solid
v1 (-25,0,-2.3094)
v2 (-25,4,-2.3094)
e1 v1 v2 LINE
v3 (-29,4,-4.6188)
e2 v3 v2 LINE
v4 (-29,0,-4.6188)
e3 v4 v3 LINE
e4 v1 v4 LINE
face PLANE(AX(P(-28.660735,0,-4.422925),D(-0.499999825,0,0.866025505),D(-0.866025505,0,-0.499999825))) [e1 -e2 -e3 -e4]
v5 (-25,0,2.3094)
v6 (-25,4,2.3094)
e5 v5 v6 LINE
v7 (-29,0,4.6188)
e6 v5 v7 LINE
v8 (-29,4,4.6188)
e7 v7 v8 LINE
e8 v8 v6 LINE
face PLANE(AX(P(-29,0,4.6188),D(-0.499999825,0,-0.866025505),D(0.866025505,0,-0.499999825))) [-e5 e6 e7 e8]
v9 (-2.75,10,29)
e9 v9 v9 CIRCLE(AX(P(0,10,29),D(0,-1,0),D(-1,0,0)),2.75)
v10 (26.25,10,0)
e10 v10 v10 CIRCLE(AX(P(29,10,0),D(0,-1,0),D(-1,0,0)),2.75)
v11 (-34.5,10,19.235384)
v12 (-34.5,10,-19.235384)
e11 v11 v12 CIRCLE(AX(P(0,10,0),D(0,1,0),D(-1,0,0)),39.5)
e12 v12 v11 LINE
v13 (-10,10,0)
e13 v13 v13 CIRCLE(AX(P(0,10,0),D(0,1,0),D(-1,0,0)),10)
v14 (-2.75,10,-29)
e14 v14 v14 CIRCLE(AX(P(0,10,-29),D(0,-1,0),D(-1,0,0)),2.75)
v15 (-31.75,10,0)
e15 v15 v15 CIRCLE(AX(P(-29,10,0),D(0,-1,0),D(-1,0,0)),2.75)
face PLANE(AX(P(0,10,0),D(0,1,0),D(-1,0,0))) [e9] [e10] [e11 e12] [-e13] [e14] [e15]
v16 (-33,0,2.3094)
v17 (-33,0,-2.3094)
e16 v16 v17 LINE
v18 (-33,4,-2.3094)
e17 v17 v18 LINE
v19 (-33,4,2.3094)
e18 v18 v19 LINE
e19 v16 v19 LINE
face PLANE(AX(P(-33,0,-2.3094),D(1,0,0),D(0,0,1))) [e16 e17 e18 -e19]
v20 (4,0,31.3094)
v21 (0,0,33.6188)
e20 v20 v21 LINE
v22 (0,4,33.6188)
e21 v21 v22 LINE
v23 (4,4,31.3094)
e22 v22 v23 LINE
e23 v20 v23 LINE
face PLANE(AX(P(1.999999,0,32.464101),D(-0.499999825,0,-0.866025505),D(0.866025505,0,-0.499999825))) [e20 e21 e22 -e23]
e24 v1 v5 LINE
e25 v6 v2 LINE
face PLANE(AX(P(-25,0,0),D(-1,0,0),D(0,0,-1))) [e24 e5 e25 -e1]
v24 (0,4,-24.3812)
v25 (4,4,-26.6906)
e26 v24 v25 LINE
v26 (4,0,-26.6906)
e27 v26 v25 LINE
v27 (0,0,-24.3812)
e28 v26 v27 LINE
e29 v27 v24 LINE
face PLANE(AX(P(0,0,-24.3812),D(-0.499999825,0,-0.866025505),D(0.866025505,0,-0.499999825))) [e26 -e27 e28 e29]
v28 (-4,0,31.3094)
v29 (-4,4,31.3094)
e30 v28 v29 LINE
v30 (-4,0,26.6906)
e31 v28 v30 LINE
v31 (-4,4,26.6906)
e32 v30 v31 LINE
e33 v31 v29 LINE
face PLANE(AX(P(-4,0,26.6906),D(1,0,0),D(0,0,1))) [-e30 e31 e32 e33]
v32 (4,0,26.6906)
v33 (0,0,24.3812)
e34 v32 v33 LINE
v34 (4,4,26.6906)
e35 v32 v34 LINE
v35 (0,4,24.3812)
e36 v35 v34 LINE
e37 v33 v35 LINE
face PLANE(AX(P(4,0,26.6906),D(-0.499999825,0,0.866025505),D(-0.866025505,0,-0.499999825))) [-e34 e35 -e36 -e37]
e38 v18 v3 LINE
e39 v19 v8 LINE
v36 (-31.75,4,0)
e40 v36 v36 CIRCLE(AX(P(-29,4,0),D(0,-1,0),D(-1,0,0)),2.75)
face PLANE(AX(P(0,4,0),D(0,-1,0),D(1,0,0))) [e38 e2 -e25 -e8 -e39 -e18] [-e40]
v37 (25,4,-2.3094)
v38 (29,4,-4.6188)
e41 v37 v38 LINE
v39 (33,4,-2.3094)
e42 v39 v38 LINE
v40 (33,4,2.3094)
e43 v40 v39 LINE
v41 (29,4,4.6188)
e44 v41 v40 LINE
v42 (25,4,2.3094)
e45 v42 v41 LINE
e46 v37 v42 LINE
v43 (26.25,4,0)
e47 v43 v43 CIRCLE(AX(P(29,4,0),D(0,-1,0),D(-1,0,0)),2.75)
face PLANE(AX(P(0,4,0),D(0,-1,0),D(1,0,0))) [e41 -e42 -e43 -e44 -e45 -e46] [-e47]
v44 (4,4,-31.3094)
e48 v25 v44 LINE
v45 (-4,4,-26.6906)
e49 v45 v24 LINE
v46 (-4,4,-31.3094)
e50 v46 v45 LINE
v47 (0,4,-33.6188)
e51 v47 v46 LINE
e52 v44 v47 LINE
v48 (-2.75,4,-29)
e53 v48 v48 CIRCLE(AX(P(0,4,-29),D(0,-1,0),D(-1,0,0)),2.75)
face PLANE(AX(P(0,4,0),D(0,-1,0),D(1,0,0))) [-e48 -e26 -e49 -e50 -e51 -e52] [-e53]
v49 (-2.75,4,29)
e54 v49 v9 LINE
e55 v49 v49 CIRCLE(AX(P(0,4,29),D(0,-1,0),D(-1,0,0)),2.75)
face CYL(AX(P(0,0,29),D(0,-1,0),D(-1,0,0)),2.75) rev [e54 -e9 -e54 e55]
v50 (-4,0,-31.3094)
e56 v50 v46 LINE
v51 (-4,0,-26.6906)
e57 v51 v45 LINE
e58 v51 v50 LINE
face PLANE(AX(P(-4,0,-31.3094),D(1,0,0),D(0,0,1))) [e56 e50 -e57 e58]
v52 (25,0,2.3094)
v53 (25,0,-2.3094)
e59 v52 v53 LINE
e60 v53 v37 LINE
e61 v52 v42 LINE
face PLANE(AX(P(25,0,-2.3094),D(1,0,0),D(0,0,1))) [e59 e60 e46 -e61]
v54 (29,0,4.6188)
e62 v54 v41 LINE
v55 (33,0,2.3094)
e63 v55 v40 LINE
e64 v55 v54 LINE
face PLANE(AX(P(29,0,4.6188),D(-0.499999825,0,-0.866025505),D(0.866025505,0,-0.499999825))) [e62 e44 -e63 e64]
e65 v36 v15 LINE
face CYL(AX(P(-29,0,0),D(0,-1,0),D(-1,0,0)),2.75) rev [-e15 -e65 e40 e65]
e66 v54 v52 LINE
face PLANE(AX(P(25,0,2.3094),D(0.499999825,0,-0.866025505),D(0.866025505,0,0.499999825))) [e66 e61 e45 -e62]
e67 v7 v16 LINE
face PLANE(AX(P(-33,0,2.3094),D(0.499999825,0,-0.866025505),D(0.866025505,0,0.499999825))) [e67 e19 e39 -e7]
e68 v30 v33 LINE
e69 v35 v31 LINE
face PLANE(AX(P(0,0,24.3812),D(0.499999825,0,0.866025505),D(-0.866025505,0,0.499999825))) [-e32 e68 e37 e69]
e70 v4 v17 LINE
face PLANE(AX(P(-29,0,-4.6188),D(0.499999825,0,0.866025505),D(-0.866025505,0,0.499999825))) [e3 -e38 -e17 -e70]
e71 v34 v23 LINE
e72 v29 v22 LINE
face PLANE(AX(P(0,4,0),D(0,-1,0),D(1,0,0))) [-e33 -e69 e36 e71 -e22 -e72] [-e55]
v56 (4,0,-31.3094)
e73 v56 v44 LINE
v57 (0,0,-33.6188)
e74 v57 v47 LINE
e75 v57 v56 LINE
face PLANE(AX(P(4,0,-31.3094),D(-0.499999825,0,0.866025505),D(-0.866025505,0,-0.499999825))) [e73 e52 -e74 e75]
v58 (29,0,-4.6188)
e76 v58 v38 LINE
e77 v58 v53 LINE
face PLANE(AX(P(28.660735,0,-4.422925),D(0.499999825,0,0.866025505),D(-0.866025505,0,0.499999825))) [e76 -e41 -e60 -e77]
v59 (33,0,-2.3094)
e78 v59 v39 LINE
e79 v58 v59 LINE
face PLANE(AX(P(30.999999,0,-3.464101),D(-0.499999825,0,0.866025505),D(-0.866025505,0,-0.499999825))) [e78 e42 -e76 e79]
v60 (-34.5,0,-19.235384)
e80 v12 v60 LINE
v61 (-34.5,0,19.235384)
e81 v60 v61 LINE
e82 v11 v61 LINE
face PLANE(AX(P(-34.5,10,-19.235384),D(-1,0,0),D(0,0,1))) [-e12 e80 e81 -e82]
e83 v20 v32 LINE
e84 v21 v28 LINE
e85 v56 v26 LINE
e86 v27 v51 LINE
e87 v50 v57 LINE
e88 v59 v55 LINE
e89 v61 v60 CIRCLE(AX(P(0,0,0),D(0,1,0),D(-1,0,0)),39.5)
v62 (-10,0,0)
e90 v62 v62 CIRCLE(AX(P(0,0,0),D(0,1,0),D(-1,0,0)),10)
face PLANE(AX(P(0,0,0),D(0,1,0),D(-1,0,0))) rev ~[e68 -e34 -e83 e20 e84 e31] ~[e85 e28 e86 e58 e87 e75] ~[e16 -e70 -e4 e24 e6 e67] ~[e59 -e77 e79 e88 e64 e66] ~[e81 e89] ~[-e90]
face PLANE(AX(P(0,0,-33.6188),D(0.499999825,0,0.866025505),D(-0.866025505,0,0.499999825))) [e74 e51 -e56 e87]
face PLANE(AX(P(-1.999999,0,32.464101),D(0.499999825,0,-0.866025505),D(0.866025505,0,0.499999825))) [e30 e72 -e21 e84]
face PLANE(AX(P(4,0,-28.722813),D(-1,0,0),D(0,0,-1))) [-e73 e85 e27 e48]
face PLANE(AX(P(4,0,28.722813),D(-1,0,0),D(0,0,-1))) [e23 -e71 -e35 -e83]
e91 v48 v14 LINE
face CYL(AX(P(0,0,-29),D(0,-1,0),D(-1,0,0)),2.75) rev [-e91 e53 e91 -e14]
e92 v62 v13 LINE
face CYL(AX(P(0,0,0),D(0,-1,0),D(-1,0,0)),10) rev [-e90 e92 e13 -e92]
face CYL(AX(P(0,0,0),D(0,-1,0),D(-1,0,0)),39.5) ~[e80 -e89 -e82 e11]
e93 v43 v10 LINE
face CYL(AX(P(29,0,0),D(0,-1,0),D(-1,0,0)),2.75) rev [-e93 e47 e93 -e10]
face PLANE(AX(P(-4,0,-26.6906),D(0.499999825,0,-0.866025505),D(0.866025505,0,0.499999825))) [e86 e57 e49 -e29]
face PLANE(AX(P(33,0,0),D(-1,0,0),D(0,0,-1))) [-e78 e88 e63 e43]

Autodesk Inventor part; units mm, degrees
ref_plane "YZ Plane" through (0, 0, 0) normal (1, 0, 0) x (0, 1, 0)
ref_plane "XZ Plane" through (0, 0, 0) normal (0, 1, 0) x (-1, 0, 0)
ref_plane "XY Plane" through (0, 0, 0) normal (0, 0, 1) x (1, 0, 0)
sketch "Sketch1" plane through (0, 0, 0) normal (0, 1, 0) x (-1, 0, 0)
  circle A0 centre (0, 0) radius 39.5
  circle A1 centre (0, 0) radius 10
  circle A2 centre (0, 0) radius 29
  circle A3 centre (29, 0) radius 2.75
  circle A4 centre (0, 29) radius 2.75
  circle A5 centre (-29, 0) radius 2.75
  circle A6 centre (0, -29) radius 2.75
  dimension "d2" = 58
  dimension "d0" = 79
  dimension "d1" = 20
  dimension "d3" = 5.5
  dimension "d6" = 360
extrude "Extrusion1" add sketch "Sketch1" along normal blind 10 contours A0 | A3 A2 A6 A5 A4
sketch "Sketch2" plane through (0, 0, 0) normal (0, -1, 0) x (1, 0, 0)
  circle A0 centre (0, -29) radius 2.75 projected
  circle A1 centre (0, 0) radius 29
  circle A2 centre (29, 0) radius 2.75 projected
  circle A3 centre (29, 0) radius 4
  circle A4 centre (0, 29) radius 4
  circle A5 centre (-29, 0) radius 4
  circle A6 centre (0, -29) radius 4
  line L0 (25, 2.3094) -> (29, 4.6188)
  line L1 (29, 4.6188) -> (33, 2.3094)
  line L2 (33, 2.3094) -> (33, -2.3094)
  line L3 (33, -2.3094) -> (29, -4.6188)
  line L4 (29, -4.6188) -> (25, -2.3094)
  line L5 (25, -2.3094) -> (25, 2.3094)
  line L6 (-4, -26.6906) -> (0, -24.3812)
  line L7 (0, -24.3812) -> (4, -26.6906)
  line L8 (4, -26.6906) -> (4, -31.3094)
  line L9 (4, -31.3094) -> (0, -33.6188)
  line L10 (0, -33.6188) -> (-4, -31.3094)
  line L11 (-4, -31.3094) -> (-4, -26.6906)
  line L12 (-33, 2.3094) -> (-29, 4.6188)
  line L13 (-29, 4.6188) -> (-25, 2.3094)
  line L14 (-25, 2.3094) -> (-25, -2.3094)
  line L15 (-25, -2.3094) -> (-29, -4.6188)
  line L16 (-29, -4.6188) -> (-33, -2.3094)
  line L17 (-33, -2.3094) -> (-33, 2.3094)
  line L18 (-4, 31.3094) -> (0, 33.6188)
  line L19 (0, 33.6188) -> (4, 31.3094)
  line L20 (4, 31.3094) -> (4, 26.6906)
  line L21 (4, 26.6906) -> (0, 24.3812)
  line L22 (0, 24.3812) -> (-4, 26.6906)
  line L23 (-4, 26.6906) -> (-4, 31.3094)
  circle A7 centre (0, 29) radius 2.75
  circle A8 centre (-29, 0) radius 2.75
  point P0 (25, 0)
  point P1 (-4, -29)
  point P2 (-33, 0)
  point P3 (-4, 29)
  dimension "d10" = 8
  dimension "d13" = 360
extrude "Extrusion2" cut sketch "Sketch2" against normal blind 4 contours A0 A1 A6 | A0 A1 A6 | A6 L7 L8 A1 | A1 L8 A6 | A6 L11 A1 | A1 L11 L6 A6 | L8 L9 A6 | A6 L6 L7 | A6 L10 L11 | L4 A3 A1 | A1 A3 L3 L4 | L9 L10 A6 | L15 L16 A5 A1 | A1 A5 L15 | A3 A1 A2 | A1 A2 A3 | L4 L5 A3 | A5 A1 A8 | A1 A8 A5 | A5 L14 L15 | A3 L2 L3 | L5 L0 A3 | L16 L17 A5 | A5 L13 L14 | A3 L1 L2 | L0 A1 A3 | L17 L12 A5 | A5 A1 L13 | A1 L0 L1 A3 | A5 L12 L13 A1 | L20 L21 A4 A1 | A1 A4 L20 | L23 A4 A1 | A1 A4 L22 L23 | A4 A1 A7 | A1 A7 A4 | A4 L19 L20 | L23 L18 A4 | L21 L22 A4 | A4 L18 L19
sketch "Sketch3" plane through (0, 10, 0) normal (0, 1, 0) x (1, 0, 0)
  line L0 (-34.5, 50.157) -> (-34.5, -49.8555)
  circle A0 centre (0, 0) radius 39.5 projected
  point P0 (-34.5, -19.2354)
  point P1 (-34.5, 19.2354)
  dimension "d18" = 5
extrude "Extrusion3" cut sketch "Sketch3" along normal through all both and the other way through all contours L0 A0 picked at (-35.5583, 3.956)
properties part number "Adapter Plate"
